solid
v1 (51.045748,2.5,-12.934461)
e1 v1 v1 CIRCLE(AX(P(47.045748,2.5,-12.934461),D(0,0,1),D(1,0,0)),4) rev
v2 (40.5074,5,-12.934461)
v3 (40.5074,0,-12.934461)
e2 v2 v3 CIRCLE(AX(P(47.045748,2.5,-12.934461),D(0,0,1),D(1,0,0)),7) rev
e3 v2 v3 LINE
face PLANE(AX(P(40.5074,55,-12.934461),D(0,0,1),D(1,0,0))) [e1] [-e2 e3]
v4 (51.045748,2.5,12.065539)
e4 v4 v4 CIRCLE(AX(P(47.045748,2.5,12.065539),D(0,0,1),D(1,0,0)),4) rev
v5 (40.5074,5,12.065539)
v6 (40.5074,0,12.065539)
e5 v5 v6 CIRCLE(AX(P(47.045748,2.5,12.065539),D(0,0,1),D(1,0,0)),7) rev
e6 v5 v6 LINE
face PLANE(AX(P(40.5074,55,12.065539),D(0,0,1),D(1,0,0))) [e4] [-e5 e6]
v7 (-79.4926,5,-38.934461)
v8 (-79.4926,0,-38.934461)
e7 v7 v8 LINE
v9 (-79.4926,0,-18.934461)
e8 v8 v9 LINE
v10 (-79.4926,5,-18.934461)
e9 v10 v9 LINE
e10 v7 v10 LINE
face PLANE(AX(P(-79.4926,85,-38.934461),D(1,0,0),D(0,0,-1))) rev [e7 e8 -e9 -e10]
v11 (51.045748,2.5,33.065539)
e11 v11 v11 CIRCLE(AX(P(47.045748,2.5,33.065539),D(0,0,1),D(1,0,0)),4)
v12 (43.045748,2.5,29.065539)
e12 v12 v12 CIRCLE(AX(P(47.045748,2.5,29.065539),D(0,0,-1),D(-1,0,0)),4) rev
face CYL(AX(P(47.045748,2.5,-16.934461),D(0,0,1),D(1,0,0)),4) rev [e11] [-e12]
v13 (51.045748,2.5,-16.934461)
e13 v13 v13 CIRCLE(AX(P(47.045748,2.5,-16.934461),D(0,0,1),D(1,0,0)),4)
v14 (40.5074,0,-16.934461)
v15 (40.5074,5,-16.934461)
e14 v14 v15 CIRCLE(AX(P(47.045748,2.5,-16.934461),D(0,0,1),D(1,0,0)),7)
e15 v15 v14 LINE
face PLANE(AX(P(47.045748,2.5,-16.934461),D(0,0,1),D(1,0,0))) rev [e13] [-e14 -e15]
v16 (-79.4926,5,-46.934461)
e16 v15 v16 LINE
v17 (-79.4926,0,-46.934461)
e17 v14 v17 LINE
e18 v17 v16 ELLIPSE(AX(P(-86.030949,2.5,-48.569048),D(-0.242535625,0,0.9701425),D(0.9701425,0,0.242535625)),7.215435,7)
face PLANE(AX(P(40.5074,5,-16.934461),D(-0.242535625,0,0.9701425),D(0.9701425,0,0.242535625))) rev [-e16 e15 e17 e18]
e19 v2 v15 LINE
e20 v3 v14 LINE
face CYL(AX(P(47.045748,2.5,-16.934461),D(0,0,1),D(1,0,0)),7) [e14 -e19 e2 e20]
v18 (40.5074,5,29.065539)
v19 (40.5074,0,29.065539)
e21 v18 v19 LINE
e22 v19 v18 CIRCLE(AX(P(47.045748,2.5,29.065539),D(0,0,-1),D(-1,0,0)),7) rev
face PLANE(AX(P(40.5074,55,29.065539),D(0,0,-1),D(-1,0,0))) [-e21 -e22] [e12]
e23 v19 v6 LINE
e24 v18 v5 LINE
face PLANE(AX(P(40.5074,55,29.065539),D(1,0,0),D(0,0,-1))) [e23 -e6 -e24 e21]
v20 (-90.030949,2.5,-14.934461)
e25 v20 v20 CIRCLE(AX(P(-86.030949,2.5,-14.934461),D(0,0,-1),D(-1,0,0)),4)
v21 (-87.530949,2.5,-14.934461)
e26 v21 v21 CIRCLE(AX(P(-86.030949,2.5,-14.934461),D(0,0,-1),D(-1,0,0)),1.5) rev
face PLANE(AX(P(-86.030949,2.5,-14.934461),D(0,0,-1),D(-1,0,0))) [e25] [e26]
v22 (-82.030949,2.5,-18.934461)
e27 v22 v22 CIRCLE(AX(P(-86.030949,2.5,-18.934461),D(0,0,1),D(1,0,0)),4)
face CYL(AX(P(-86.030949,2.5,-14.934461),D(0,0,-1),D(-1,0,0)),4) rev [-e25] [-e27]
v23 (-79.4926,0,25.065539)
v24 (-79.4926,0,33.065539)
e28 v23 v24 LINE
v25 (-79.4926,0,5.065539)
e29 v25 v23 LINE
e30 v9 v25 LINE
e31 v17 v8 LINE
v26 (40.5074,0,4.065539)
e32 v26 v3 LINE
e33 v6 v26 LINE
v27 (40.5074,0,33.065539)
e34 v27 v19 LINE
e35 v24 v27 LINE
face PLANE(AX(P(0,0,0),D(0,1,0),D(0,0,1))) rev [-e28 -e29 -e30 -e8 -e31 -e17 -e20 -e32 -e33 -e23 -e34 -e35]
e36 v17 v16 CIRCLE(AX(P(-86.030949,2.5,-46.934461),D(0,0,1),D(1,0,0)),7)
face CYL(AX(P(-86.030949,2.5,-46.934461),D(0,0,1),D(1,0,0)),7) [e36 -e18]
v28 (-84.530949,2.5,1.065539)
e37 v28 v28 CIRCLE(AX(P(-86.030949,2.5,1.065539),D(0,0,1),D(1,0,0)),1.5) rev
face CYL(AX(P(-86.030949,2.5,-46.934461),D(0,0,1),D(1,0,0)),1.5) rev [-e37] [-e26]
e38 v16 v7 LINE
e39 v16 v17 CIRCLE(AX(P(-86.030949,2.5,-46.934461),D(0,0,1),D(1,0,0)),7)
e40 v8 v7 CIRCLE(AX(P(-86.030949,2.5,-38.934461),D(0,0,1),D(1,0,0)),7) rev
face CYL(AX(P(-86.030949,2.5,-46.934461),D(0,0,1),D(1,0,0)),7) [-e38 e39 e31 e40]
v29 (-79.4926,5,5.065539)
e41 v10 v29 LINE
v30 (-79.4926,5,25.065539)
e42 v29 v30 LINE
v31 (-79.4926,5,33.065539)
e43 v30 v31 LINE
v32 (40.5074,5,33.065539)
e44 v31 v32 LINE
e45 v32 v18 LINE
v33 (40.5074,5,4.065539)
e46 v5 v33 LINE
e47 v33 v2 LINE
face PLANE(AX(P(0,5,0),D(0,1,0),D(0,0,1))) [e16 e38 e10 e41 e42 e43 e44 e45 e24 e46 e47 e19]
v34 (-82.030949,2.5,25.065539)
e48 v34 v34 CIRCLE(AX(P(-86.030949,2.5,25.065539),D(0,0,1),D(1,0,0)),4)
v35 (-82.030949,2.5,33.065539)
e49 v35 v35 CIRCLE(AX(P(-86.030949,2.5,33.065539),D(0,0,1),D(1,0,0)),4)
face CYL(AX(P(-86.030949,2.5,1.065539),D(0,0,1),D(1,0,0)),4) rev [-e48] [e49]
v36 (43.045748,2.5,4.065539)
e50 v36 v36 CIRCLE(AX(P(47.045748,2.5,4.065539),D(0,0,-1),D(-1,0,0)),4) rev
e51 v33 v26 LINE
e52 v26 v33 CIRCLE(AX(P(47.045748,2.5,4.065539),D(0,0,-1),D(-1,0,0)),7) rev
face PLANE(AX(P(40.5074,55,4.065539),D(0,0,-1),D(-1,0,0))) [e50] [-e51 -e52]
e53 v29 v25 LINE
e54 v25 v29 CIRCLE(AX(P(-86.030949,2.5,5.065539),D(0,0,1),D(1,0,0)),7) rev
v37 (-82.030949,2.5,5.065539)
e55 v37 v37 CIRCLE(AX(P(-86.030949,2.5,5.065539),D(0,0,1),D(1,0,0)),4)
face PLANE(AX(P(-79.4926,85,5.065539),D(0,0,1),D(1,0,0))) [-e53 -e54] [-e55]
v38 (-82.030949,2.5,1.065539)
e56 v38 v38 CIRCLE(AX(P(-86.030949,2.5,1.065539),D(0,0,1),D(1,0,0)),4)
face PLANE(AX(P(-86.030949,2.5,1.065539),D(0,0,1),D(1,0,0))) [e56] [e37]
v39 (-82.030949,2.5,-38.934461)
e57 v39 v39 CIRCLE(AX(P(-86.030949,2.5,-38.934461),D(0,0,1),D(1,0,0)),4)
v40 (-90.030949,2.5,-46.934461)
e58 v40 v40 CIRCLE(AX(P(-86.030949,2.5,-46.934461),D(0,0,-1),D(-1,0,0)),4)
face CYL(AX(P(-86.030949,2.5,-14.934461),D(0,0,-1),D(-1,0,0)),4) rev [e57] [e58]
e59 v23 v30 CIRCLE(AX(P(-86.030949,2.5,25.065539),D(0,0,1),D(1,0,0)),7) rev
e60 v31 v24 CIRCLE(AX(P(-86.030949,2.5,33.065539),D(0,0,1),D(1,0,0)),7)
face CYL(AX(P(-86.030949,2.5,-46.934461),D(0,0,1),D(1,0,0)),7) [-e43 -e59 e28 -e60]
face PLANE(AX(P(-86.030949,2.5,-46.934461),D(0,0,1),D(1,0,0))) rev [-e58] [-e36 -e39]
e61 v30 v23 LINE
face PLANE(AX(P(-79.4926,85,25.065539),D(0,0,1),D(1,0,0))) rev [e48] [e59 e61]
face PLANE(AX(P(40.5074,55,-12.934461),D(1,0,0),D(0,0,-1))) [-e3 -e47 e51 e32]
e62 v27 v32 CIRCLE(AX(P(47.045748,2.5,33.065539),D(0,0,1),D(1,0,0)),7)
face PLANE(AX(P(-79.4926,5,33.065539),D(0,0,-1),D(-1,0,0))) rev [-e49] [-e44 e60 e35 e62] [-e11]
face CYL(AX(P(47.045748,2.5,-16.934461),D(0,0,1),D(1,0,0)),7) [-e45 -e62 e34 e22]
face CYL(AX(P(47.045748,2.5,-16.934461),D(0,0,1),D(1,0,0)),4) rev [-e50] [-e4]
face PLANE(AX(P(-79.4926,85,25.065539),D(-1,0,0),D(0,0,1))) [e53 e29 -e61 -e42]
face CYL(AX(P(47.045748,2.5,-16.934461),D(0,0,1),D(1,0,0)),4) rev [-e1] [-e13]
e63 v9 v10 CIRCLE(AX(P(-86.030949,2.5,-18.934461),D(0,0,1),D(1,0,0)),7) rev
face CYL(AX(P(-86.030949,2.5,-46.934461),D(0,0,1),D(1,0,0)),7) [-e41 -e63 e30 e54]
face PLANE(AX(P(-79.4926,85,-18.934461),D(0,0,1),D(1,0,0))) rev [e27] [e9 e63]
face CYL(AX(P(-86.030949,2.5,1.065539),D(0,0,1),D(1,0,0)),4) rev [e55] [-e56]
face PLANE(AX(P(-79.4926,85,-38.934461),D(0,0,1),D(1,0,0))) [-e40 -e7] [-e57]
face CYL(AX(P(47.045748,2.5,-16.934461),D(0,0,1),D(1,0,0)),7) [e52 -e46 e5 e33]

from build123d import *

# Parameters (mm, degrees)
EXTRUDE_1_DEPTH          = 5
SKETCH_3_R               = 7
SKETCH_3_R_2             = 1.5
EXTRUDE_2_DEPTH          = 80
CUT_EXTRUDE_1_DEPTH      = 80
CUT_EXTRUDE_1_DEPTH_BACK = 80
SKETCH_4_W               = 13.538348415
SKETCH_4_H               = 20
SKETCH_5_R               = 7
SKETCH_5_R_2             = 4
EXTRUDE_3_DEPTH          = 50
CUT_EXTRUDE_2_DEPTH      = 50
CUT_EXTRUDE_2_DEPTH_BACK = 50
SKETCH_6_W               = 13.538348415
SKETCH_6_H               = 17
SKETCH_7_R               = 4
CUT_EXTRUDE_3_DEPTH      = 32
CUT_EXTRUDE_START        = -32
SKETCH_8_R               = 4
CUT_EXTRUDE_4_DEPTH      = 32


with BuildPart() as part:
    # 草图1 → 凸台-拉伸1 (new body)
    with BuildSketch(Plane(origin=(0, 0, 0), x_dir=(1, 0, 0), z_dir=(0, 1, 0))):
        Polygon((-79.492600423, 46.934460888), (-79.492600423, -33.065539112), (40.507399577, -33.065539112), (40.507399577, 16.934460888), align=None)
    extrude(amount=EXTRUDE_1_DEPTH)

    # 草图3 → 凸台-拉伸2 (add)
    with BuildSketch(Plane.XY.offset(33.065539112)):
        with Locations((-86.030948838, 2.5)):
            Circle(SKETCH_3_R)
        with Locations((-86.030948838, 2.5)):
            Circle(SKETCH_3_R_2, mode=Mode.SUBTRACT)
    extrude(amount=-EXTRUDE_2_DEPTH)

    # 草图4 → 切除-拉伸1 (cut, two sides: drawn at the far end of the back side and taken through both)
    with BuildSketch(Plane(origin=(0, 5, 0), x_dir=(1, 0, 0), z_dir=(0, 1, 0)).offset(-CUT_EXTRUDE_1_DEPTH_BACK)):
        with Locations((-86.26177463, 28.934460888)):
            Rectangle(SKETCH_4_W, SKETCH_4_H)
        with Locations((-86.26177463, -15.065539112)):
            Rectangle(SKETCH_4_W, SKETCH_4_H)
    extrude(amount=CUT_EXTRUDE_1_DEPTH + CUT_EXTRUDE_1_DEPTH_BACK, mode=Mode.SUBTRACT)

    # 草图5 → 凸台-拉伸3 (add)
    with BuildSketch(Plane.XY.offset(33.065539112)):
        with Locations((47.045747992, 2.5)):
            Circle(SKETCH_5_R)
        with Locations((47.045747992, 2.5)):
            Circle(SKETCH_5_R_2, mode=Mode.SUBTRACT)
    extrude(amount=-EXTRUDE_3_DEPTH)

    # 草图6 → 切除-拉伸2 (cut, two sides: drawn at the far end of the back side and taken through both)
    with BuildSketch(Plane(origin=(0, 5, 0), x_dir=(1, 0, 0), z_dir=(0, 1, 0)).offset(-CUT_EXTRUDE_2_DEPTH_BACK)):
        with Locations((47.276573785, 4.434460888)):
            Rectangle(SKETCH_6_W, SKETCH_6_H)
        with Locations((47.276573785, -20.565539112)):
            Rectangle(SKETCH_6_W, SKETCH_6_H)
    extrude(amount=CUT_EXTRUDE_2_DEPTH + CUT_EXTRUDE_2_DEPTH_BACK, mode=Mode.SUBTRACT)

    # 草图7 → 切除-拉伸3 (cut)
    with BuildSketch(Plane.XY.offset(33.065539112)):
        with Locations((-86.030948838, 2.5)):
            Circle(SKETCH_7_R)
    extrude(amount=-CUT_EXTRUDE_3_DEPTH, mode=Mode.SUBTRACT)

    # 草图8 → 切除-拉伸4 (cut)
    with BuildSketch(Plane(origin=(0, 0, -46.934460888), x_dir=(-1, 0, 0), z_dir=(0, 0, -1)).offset(CUT_EXTRUDE_START)):
        with Locations((86.030948838, 2.5)):
            Circle(SKETCH_8_R)
    extrude(amount=CUT_EXTRUDE_4_DEPTH, mode=Mode.SUBTRACT)


solid = part.part
